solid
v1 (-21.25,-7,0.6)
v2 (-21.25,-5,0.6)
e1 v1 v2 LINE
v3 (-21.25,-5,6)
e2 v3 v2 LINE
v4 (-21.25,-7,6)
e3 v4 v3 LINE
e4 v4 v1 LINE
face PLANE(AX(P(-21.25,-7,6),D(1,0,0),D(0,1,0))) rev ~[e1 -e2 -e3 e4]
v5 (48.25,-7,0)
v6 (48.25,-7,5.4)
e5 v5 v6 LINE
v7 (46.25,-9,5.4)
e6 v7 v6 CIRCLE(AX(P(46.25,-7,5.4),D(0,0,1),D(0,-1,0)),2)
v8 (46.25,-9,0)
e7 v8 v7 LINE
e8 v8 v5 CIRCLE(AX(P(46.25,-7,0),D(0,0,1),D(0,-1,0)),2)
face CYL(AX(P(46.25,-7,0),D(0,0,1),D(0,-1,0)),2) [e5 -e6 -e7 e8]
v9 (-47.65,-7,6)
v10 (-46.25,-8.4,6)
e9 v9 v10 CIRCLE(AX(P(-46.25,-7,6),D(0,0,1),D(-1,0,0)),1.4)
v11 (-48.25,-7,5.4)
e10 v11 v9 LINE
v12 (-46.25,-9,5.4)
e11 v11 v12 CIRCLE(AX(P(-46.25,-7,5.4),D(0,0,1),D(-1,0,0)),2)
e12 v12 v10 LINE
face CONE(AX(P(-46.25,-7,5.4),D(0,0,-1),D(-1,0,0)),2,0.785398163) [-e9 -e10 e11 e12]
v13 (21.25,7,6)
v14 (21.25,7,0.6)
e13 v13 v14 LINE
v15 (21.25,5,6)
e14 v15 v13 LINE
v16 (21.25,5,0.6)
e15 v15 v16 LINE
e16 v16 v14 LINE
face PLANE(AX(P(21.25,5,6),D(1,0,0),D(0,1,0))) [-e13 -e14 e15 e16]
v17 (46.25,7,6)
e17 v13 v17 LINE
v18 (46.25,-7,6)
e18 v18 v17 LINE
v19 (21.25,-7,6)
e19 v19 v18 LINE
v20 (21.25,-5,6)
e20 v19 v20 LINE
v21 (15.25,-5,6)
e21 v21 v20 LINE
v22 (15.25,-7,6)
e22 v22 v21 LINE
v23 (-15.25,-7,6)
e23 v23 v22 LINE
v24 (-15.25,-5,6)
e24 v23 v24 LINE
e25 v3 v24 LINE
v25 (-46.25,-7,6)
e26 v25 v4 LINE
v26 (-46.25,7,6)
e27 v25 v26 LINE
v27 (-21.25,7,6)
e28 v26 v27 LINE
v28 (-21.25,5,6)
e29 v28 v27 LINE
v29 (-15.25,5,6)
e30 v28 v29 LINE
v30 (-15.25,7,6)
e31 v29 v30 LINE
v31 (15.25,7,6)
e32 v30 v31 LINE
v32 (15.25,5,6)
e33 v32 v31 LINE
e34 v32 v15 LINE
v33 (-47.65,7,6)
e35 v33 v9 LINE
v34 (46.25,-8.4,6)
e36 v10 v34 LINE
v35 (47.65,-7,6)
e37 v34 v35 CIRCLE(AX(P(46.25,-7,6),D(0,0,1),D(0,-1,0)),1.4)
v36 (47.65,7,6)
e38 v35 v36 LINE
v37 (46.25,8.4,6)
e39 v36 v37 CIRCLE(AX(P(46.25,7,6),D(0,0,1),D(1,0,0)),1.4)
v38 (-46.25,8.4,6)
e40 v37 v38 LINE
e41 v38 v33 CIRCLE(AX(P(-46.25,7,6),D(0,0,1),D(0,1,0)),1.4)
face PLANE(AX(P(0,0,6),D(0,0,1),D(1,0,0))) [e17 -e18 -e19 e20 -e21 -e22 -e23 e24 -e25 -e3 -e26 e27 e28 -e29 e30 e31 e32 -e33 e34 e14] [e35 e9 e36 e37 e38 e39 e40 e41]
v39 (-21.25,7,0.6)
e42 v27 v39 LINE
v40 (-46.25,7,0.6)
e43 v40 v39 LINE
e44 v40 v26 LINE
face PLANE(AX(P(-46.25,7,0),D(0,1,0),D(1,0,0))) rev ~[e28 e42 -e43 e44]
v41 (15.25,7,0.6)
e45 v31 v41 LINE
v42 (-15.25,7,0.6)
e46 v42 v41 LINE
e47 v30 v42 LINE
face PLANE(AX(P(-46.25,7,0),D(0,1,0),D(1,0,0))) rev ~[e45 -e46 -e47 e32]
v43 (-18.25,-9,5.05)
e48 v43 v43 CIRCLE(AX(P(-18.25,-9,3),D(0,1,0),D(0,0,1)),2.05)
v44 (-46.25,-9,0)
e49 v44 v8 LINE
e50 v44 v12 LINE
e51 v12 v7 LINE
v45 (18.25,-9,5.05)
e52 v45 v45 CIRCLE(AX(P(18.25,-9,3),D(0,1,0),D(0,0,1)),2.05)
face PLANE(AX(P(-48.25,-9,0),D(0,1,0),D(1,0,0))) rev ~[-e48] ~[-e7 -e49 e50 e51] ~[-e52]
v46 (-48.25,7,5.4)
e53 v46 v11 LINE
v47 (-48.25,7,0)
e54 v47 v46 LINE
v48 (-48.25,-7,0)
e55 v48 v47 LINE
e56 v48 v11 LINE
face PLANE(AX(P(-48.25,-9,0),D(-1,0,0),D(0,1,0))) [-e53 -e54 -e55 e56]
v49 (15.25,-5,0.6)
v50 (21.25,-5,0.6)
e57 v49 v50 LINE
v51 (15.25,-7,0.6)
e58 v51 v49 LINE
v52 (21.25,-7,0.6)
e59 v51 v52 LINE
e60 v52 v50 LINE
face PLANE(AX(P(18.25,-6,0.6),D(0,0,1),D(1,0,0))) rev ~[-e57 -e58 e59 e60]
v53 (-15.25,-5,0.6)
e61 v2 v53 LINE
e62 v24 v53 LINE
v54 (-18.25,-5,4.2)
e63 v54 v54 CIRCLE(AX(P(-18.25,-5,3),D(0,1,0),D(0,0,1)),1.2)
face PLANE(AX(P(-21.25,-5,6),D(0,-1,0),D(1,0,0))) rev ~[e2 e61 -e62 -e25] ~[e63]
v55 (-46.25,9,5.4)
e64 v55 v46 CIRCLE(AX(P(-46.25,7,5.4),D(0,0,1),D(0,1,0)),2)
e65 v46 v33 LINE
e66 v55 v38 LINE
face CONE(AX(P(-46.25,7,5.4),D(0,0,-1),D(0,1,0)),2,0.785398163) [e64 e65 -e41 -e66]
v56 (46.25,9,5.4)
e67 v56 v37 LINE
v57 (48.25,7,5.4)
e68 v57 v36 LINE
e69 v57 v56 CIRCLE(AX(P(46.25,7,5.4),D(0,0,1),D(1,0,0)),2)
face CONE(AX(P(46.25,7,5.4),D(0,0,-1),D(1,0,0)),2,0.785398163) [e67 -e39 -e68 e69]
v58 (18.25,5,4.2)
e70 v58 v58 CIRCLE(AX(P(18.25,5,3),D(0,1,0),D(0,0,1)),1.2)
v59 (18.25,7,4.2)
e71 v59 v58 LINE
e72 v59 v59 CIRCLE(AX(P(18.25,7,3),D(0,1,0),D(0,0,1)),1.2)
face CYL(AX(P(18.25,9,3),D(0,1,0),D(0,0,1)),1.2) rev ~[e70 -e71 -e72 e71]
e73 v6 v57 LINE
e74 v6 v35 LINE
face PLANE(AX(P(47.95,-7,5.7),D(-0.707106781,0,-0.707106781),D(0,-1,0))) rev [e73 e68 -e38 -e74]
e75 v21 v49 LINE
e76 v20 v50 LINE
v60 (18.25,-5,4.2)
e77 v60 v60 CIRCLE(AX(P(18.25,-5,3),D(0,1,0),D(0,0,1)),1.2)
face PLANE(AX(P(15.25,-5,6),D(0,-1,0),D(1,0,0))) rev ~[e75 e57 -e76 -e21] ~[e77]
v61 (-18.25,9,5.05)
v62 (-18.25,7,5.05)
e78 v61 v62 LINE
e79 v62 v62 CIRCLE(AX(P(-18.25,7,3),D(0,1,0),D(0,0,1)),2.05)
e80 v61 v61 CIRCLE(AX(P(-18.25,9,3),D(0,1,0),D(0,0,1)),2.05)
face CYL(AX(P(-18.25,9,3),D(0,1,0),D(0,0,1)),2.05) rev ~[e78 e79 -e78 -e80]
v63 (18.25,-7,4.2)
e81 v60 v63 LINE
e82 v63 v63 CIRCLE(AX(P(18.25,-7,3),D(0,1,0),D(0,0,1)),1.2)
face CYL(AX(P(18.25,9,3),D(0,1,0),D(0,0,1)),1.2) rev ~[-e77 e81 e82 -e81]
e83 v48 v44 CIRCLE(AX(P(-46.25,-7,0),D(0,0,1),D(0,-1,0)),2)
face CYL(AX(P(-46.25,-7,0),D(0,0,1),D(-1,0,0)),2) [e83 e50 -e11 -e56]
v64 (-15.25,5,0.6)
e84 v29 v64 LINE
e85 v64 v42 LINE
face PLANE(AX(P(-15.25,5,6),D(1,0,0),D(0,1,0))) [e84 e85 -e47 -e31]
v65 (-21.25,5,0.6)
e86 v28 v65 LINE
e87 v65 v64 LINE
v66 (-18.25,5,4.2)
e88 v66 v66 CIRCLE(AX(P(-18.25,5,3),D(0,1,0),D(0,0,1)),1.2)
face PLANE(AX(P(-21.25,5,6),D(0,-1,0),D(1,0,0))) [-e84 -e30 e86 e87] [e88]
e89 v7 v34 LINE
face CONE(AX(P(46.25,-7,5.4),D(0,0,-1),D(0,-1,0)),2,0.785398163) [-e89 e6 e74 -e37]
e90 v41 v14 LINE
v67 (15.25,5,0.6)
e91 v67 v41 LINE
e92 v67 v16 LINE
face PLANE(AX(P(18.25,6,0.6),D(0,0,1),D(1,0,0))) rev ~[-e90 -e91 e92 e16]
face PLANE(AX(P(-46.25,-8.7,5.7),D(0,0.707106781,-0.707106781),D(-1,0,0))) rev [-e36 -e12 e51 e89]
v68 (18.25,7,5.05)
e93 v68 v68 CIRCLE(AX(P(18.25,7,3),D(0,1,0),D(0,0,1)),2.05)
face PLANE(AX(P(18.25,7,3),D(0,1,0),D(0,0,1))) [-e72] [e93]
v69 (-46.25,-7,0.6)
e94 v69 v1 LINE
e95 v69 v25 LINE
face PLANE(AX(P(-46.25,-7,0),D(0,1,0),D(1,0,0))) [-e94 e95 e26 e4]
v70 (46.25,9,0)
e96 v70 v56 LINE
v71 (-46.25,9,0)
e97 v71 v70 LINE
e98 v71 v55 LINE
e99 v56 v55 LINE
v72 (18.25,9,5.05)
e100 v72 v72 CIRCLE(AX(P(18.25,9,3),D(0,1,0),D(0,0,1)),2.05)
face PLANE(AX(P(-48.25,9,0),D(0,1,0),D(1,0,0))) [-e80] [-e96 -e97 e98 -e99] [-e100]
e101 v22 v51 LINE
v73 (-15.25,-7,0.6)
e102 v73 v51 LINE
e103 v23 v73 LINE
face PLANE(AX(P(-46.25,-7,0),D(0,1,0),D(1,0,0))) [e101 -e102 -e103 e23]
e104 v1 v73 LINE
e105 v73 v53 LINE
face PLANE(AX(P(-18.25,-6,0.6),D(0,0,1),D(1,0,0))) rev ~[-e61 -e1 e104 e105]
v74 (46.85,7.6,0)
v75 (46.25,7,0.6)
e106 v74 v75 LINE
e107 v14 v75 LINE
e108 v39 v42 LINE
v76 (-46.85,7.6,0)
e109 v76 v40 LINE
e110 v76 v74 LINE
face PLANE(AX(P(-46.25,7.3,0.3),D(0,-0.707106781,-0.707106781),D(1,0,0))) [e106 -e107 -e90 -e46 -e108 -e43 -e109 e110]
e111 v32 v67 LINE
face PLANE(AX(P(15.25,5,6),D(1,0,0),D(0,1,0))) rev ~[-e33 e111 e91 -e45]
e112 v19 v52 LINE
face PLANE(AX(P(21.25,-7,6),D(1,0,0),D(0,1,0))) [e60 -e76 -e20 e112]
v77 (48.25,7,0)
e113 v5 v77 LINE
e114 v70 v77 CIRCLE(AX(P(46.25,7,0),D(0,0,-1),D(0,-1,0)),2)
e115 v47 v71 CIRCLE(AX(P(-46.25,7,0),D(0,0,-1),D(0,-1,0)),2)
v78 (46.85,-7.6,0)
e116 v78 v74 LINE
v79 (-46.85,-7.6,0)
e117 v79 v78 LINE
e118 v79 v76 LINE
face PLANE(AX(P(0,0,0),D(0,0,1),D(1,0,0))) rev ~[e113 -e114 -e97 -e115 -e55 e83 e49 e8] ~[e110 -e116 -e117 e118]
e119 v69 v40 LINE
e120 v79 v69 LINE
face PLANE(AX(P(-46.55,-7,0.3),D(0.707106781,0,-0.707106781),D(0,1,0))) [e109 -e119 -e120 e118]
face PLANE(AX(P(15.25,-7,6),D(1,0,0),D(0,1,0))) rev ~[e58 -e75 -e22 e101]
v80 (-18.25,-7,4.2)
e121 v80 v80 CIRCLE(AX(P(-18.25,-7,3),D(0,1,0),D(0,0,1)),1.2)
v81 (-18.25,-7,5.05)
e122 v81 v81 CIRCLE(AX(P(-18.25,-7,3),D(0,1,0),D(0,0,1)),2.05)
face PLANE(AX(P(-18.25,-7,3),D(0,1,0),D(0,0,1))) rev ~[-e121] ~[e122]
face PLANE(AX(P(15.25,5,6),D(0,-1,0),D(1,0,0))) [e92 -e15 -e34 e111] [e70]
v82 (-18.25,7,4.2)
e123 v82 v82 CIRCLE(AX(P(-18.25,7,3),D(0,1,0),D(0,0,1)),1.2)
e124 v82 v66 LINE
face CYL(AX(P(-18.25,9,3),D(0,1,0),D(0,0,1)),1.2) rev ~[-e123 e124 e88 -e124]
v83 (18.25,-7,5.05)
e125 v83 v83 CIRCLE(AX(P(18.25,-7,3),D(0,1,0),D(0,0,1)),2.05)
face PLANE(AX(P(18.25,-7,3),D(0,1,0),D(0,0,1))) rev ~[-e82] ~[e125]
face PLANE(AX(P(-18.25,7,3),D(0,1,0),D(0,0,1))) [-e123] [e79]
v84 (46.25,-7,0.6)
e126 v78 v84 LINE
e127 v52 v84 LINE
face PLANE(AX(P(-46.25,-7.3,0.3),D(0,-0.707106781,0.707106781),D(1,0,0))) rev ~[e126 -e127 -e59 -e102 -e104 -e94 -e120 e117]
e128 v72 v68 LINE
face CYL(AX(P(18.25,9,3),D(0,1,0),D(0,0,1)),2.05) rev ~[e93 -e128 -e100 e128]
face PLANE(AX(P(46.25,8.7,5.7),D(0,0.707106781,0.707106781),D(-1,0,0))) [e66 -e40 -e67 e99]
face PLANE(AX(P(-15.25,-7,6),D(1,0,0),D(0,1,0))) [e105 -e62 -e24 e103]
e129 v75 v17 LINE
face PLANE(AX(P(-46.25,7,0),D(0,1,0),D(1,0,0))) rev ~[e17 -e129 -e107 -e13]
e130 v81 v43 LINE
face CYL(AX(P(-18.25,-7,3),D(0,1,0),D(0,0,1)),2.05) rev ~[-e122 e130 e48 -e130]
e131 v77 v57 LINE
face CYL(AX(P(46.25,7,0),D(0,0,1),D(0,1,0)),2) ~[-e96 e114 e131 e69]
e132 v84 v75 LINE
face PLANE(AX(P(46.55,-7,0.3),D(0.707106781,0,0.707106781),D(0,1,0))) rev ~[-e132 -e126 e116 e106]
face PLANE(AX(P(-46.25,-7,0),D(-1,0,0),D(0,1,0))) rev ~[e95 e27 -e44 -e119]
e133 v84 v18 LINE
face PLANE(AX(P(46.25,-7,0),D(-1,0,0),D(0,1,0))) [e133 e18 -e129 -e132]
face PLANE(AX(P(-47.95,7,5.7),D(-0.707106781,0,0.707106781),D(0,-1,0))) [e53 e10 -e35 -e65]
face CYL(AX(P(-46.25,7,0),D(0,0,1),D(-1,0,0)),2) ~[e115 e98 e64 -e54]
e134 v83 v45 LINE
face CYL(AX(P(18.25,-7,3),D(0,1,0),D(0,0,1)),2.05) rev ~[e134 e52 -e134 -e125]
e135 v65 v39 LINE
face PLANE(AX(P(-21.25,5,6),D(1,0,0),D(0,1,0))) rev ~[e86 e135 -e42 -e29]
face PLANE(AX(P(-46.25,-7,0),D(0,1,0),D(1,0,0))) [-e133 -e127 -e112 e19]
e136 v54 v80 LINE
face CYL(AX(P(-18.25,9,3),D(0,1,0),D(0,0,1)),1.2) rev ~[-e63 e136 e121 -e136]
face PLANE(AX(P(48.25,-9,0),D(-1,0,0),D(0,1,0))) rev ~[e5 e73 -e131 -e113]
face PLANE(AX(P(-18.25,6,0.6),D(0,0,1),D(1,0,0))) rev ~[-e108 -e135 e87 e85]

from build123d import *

# Parameters (mm, degrees)
SKETCH_1_W          = 96.5
SKETCH_1_H          = 18
SKETCH_1_W_2        = 92.5
SKETCH_1_H_2        = 14
EXTRUDE_1_DEPTH     = 6
FILLET_1_R          = 2
CHAMFER_1_SIZE      = 0.6
SKETCH_2_W          = 6
SKETCH_2_H          = 2
EXTRUDE_2_DEPTH     = 5.4
SKETCH_3_R          = 1.2
CUT_EXTRUDE_1_DEPTH = 52.846528331
SKETCH_4_R          = 2.05
CUT_EXTRUDE_2_DEPTH = 2
CUT_EXTRUDE_START   = -16
SKETCH_4_2_R        = 2.05
CUT_EXTRUDE_3_DEPTH = 2
CHAMFER_2_SIZE      = 0.6


with BuildPart() as part:
    # 草图1 → 凸台-拉伸1 (new body)
    with BuildSketch(Plane.XY):
        Rectangle(SKETCH_1_W, SKETCH_1_H)
        Rectangle(SKETCH_1_W_2, SKETCH_1_H_2, mode=Mode.SUBTRACT)
    extrude(amount=EXTRUDE_1_DEPTH)

    # 圆角1
    fillet_1_edges = [part.edges().sort_by_distance(p)[0] for p in [
        (48.25, -9, 3),
        (-48.25, -9, 3),
        (-48.25, 9, 3),
        (48.25, 9, 3),
    ]]
    fillet(fillet_1_edges, radius=FILLET_1_R)

    # 倒角1
    chamfer_1_edges = [part.edges().sort_by_distance(p)[0] for p in [
        (0, 7, 0),
        (-46.25, 0, 0),
        (0, -7, 0),
        (46.25, 0, 0),
    ]]
    chamfer(chamfer_1_edges, length=CHAMFER_1_SIZE)

    # 草图2 → 凸台-拉伸2 (add)
    with BuildSketch(Plane.XY.offset(6)):
        with Locations((-18.25, 6)):
            Rectangle(SKETCH_2_W, SKETCH_2_H)
        with Locations((-18.25, -6)):
            Rectangle(SKETCH_2_W, SKETCH_2_H)
        with Locations((18.25, 6)):
            Rectangle(SKETCH_2_W, SKETCH_2_H)
        with Locations((18.25, -6)):
            Rectangle(SKETCH_2_W, SKETCH_2_H)
    extrude(amount=-EXTRUDE_2_DEPTH)

    # 草图3 → 切除-拉伸1 (cut, through all)
    with BuildSketch(Plane(origin=(0, 9, 0), x_dir=(1, 0, 0), z_dir=(0, 1, 0))):
        with Locations(Location((-18.25, -3, 0), (0, 0, 270))):
            Circle(SKETCH_3_R)
        with Locations(Location((18.25, -3, 0), (0, 0, 270))):
            Circle(SKETCH_3_R)
    extrude(amount=-CUT_EXTRUDE_1_DEPTH, mode=Mode.SUBTRACT)

    # 草图4 → 切除-拉伸2 (cut)
    with BuildSketch(Plane(origin=(0, 9, 0), x_dir=(1, 0, 0), z_dir=(0, 1, 0))):
        with Locations(Location((-18.25, -3, 0), (0, 0, 270))):
            Circle(SKETCH_4_R)
        with Locations(Location((18.25, -3, 0), (0, 0, 270))):
            Circle(SKETCH_4_R)
    extrude(amount=-CUT_EXTRUDE_2_DEPTH, mode=Mode.SUBTRACT)

    # 草图4<2> → 切除-拉伸3 (cut)
    with BuildSketch(Plane(origin=(0, 9, 0), x_dir=(1, 0, 0), z_dir=(0, 1, 0)).offset(CUT_EXTRUDE_START)):
        with Locations(Location((-18.25, -3, 0), (0, 0, 270))):
            Circle(SKETCH_4_2_R)
        with Locations(Location((18.25, -3, 0), (0, 0, 270))):
            Circle(SKETCH_4_2_R)
    extrude(amount=-CUT_EXTRUDE_3_DEPTH, mode=Mode.SUBTRACT)

    # 倒角2
    chamfer_2_edges = [part.edges().sort_by_distance(p)[0] for p in [
        (0, -9, 6),
        (-48.25, 0, 6),
        (48.25, 0, 6),
        (0, 9, 6),
        (-47.664213562, 8.414213562, 6),
        (47.664213562, 8.414213562, 6),
        (47.664213562, -8.414213562, 6),
        (-47.664213562, -8.414213562, 6),
    ]]
    chamfer(chamfer_2_edges, length=CHAMFER_2_SIZE)


solid = part.part
